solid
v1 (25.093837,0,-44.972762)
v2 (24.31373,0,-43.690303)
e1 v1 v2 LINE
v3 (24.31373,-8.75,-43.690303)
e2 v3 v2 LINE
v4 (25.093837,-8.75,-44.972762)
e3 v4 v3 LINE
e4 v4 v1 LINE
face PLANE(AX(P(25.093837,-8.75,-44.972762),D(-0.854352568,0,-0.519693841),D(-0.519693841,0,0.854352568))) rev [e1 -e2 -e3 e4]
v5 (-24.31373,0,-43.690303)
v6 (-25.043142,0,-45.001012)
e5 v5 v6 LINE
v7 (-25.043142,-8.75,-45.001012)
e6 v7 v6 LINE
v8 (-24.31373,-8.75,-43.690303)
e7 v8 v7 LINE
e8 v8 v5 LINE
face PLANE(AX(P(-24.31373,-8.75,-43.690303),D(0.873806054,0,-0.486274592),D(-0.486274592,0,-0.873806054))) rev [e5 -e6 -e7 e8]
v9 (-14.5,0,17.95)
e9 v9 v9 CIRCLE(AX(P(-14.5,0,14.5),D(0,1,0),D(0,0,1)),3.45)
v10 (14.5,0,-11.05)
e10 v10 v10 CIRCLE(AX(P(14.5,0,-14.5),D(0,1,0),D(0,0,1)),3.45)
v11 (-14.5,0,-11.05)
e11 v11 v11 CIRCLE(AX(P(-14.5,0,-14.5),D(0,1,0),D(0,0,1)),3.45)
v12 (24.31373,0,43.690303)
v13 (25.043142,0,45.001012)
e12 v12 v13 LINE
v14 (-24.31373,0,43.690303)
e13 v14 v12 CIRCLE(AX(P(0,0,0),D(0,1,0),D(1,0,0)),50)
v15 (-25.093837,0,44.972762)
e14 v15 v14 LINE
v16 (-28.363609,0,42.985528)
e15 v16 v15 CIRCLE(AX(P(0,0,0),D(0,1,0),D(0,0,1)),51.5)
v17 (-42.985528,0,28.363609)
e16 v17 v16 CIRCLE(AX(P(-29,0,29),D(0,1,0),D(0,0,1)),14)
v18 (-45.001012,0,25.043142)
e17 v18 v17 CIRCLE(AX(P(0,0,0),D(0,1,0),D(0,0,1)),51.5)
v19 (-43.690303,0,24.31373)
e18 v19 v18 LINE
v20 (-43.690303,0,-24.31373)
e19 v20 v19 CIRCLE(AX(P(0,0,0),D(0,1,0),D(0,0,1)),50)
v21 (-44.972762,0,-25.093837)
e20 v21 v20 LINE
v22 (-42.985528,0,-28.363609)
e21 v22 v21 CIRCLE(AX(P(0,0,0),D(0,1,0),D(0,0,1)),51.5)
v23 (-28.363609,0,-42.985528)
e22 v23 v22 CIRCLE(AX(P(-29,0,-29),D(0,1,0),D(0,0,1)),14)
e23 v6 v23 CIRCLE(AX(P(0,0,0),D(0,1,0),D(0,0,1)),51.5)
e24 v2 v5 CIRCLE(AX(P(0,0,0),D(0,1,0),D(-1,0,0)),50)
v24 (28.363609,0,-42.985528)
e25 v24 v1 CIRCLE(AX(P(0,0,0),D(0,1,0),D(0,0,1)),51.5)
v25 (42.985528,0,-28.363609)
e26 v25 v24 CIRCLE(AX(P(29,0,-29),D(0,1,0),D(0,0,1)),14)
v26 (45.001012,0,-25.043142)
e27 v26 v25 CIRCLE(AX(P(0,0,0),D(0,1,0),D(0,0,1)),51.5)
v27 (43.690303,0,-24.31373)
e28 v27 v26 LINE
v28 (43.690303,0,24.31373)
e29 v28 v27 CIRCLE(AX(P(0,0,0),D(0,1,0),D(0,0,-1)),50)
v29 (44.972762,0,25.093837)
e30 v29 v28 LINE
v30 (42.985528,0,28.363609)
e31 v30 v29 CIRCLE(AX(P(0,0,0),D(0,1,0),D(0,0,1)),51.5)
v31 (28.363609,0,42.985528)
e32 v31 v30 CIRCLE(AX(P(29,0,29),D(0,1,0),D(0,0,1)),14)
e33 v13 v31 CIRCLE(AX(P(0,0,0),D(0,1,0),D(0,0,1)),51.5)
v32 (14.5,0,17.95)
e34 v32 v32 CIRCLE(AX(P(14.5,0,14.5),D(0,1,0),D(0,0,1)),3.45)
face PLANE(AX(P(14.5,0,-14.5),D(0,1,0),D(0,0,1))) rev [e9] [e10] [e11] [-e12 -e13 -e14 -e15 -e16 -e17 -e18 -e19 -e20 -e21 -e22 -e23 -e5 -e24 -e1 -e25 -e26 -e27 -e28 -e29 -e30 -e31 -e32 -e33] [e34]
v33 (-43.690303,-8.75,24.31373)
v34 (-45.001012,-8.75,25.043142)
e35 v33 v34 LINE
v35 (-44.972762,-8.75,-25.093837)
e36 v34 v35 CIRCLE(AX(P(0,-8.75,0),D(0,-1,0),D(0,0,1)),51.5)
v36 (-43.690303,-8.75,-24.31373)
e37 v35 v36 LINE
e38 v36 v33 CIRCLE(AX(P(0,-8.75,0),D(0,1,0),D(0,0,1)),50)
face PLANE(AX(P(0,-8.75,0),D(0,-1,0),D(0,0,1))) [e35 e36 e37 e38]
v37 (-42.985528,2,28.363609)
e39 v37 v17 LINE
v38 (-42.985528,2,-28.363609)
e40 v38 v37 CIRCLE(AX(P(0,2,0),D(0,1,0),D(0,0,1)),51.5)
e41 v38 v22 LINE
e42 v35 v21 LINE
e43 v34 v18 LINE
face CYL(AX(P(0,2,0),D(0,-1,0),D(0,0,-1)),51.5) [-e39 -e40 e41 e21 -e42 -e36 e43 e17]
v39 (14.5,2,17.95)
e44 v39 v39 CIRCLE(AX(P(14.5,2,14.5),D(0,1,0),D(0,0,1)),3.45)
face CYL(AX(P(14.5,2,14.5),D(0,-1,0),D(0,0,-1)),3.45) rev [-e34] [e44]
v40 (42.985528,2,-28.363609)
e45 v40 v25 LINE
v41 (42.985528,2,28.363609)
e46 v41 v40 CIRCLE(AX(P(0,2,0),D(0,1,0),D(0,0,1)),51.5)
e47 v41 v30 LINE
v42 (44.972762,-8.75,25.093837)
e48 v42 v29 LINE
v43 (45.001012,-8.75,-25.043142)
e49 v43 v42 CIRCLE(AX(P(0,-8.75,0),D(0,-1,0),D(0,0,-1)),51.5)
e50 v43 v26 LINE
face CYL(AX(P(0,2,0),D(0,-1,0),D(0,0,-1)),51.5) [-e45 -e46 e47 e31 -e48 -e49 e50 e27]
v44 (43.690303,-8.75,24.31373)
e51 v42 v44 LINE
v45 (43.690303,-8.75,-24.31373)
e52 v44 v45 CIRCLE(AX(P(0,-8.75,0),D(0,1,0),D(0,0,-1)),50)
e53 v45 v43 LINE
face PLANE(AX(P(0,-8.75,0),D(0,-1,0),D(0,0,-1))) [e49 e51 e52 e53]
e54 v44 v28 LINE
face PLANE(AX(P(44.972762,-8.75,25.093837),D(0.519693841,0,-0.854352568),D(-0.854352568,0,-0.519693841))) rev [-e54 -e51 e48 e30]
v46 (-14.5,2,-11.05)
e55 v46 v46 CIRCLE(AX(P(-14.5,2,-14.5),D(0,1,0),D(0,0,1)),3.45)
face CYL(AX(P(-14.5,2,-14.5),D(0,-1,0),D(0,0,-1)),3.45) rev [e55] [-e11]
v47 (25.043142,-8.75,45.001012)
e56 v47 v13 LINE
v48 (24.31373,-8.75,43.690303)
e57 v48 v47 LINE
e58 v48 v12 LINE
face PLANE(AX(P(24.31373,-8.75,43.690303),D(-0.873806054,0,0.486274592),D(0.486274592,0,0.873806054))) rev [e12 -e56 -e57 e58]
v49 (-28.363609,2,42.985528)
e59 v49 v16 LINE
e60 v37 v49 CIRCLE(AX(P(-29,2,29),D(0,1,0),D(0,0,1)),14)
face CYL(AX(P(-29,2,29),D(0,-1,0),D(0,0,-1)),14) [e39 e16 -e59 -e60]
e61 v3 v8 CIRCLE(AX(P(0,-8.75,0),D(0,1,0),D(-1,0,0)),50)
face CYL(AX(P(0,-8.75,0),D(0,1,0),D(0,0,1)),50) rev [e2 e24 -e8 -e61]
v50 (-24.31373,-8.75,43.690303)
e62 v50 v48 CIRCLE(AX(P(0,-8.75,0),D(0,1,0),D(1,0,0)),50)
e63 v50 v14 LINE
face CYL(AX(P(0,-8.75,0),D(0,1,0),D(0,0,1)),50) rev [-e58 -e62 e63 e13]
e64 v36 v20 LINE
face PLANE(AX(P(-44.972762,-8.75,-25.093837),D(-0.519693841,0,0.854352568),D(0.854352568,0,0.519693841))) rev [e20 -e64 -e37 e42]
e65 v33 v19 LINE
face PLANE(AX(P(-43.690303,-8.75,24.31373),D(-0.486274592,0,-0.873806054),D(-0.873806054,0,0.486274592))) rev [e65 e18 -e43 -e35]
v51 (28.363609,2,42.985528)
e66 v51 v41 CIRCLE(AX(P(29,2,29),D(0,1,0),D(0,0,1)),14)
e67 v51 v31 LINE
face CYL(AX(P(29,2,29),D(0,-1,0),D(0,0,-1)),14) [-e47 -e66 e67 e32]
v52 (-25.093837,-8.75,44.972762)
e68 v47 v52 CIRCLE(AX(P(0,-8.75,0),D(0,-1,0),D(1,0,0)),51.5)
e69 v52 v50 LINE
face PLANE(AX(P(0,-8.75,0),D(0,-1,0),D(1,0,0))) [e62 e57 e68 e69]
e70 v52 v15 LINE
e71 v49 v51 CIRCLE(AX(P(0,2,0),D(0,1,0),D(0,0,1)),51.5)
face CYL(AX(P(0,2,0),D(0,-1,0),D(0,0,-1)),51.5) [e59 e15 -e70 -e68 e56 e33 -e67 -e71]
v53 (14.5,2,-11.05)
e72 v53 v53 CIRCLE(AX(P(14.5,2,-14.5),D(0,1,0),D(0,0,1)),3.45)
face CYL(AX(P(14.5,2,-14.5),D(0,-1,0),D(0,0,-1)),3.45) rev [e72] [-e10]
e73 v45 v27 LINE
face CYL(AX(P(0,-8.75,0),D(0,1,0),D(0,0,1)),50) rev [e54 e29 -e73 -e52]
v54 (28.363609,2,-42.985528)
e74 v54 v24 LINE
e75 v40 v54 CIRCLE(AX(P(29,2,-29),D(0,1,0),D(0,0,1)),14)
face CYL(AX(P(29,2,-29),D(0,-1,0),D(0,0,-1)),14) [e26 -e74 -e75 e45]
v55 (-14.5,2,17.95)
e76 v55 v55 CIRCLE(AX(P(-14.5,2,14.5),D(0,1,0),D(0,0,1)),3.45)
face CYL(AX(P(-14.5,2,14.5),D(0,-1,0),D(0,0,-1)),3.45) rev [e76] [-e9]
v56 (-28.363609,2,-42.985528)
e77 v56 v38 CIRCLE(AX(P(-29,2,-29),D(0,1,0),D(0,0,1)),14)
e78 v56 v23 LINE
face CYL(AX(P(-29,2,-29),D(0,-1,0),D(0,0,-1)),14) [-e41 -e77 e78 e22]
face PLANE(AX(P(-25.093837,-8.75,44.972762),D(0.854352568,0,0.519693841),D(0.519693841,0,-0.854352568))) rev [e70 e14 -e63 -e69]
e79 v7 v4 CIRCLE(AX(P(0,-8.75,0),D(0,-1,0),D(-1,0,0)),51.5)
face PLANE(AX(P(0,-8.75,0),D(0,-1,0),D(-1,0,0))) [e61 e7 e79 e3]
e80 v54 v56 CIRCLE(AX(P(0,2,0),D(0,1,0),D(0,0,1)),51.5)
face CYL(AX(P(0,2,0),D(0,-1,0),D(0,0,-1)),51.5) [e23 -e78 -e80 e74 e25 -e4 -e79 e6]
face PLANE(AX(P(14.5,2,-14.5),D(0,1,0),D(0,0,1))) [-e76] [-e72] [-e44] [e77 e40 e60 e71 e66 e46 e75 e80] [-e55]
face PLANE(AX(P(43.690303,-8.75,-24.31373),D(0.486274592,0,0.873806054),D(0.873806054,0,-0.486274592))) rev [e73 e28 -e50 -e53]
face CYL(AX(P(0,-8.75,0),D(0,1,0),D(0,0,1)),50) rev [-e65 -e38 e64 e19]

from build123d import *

# Parameters (mm, degrees)
SKETCH1_R           = 3.45
BOSS_EXTRUDE1_DEPTH = 2
BOSS_EXTRUDE2_START = 8.75
BOSS_EXTRUDE2_DEPTH = 8.75
CIRPATTERN1_COUNT   = 4


with BuildPart() as part:
    # Sketch1 → Boss-Extrude1 (new body)
    with BuildSketch(Plane(origin=(0, 0, 0), x_dir=(1, 0, 0), z_dir=(0, 1, 0))):
        with BuildLine():
            ThreePointArc((28.363609444, -42.985528487), (38.899494937, -38.899494937), (42.985528487, -28.363609444))
            ThreePointArc((42.985528487, -28.363609444), (51.5, 0), (42.985528487, 28.363609444))
            ThreePointArc((42.985528487, 28.363609444), (38.899494937, 38.899494937), (28.363609444, 42.985528487))
            ThreePointArc((28.363609444, 42.985528487), (0, 51.5), (-28.363609444, 42.985528487))
            ThreePointArc((-28.363609444, 42.985528487), (-38.899494937, 38.899494937), (-42.985528487, 28.363609444))
            ThreePointArc((-42.985528487, 28.363609444), (-51.5, 0), (-42.985528487, -28.363609444))
            ThreePointArc((-42.985528487, -28.363609444), (-38.899494937, -38.899494937), (-28.363609444, -42.985528487))
            ThreePointArc((-28.363609444, -42.985528487), (0, -51.5), (28.363609444, -42.985528487))
        make_face()
        with Locations(Location((14.5, 14.5, 0), (0, 0, 270))):
            Circle(SKETCH1_R, mode=Mode.SUBTRACT)
        with Locations(Location((-14.5, 14.5, 0), (0, 0, 270))):
            Circle(SKETCH1_R, mode=Mode.SUBTRACT)
        with Locations(Location((-14.5, -14.5, 0), (0, 0, 270))):
            Circle(SKETCH1_R, mode=Mode.SUBTRACT)
        with Locations(Location((14.5, -14.5, 0), (0, 0, 270))):
            Circle(SKETCH1_R, mode=Mode.SUBTRACT)
    extrude(amount=BOSS_EXTRUDE1_DEPTH)

    # Sketch2 → Boss-Extrude2 (add)
    with BuildSketch(Plane.XZ.offset(BOSS_EXTRUDE2_START)):
        with BuildLine():
            Line((43.690302721, -24.313729622), (45.001011803, -25.043141511))
            ThreePointArc((45.001011803, -25.043141511), (51.499991825, 0.029017326), (44.972762458, 25.093836632))
            Line((44.972762458, 25.093836632), (43.690302721, 24.313729622))
            ThreePointArc((43.690302721, 24.313729622), (50, 0), (43.690302721, -24.313729622))
        make_face()
    boss_extrude2 = extrude(amount=-BOSS_EXTRUDE2_DEPTH)

    # CirPattern1: Boss-Extrude2 ×4 about axis
    cirpattern1_axis = Axis((0, 0, 0), (0, 1, 0))
    for i in range(1, CIRPATTERN1_COUNT):
        add(boss_extrude2.rotate(cirpattern1_axis, i * 360 / CIRPATTERN1_COUNT))


solid = part.part
